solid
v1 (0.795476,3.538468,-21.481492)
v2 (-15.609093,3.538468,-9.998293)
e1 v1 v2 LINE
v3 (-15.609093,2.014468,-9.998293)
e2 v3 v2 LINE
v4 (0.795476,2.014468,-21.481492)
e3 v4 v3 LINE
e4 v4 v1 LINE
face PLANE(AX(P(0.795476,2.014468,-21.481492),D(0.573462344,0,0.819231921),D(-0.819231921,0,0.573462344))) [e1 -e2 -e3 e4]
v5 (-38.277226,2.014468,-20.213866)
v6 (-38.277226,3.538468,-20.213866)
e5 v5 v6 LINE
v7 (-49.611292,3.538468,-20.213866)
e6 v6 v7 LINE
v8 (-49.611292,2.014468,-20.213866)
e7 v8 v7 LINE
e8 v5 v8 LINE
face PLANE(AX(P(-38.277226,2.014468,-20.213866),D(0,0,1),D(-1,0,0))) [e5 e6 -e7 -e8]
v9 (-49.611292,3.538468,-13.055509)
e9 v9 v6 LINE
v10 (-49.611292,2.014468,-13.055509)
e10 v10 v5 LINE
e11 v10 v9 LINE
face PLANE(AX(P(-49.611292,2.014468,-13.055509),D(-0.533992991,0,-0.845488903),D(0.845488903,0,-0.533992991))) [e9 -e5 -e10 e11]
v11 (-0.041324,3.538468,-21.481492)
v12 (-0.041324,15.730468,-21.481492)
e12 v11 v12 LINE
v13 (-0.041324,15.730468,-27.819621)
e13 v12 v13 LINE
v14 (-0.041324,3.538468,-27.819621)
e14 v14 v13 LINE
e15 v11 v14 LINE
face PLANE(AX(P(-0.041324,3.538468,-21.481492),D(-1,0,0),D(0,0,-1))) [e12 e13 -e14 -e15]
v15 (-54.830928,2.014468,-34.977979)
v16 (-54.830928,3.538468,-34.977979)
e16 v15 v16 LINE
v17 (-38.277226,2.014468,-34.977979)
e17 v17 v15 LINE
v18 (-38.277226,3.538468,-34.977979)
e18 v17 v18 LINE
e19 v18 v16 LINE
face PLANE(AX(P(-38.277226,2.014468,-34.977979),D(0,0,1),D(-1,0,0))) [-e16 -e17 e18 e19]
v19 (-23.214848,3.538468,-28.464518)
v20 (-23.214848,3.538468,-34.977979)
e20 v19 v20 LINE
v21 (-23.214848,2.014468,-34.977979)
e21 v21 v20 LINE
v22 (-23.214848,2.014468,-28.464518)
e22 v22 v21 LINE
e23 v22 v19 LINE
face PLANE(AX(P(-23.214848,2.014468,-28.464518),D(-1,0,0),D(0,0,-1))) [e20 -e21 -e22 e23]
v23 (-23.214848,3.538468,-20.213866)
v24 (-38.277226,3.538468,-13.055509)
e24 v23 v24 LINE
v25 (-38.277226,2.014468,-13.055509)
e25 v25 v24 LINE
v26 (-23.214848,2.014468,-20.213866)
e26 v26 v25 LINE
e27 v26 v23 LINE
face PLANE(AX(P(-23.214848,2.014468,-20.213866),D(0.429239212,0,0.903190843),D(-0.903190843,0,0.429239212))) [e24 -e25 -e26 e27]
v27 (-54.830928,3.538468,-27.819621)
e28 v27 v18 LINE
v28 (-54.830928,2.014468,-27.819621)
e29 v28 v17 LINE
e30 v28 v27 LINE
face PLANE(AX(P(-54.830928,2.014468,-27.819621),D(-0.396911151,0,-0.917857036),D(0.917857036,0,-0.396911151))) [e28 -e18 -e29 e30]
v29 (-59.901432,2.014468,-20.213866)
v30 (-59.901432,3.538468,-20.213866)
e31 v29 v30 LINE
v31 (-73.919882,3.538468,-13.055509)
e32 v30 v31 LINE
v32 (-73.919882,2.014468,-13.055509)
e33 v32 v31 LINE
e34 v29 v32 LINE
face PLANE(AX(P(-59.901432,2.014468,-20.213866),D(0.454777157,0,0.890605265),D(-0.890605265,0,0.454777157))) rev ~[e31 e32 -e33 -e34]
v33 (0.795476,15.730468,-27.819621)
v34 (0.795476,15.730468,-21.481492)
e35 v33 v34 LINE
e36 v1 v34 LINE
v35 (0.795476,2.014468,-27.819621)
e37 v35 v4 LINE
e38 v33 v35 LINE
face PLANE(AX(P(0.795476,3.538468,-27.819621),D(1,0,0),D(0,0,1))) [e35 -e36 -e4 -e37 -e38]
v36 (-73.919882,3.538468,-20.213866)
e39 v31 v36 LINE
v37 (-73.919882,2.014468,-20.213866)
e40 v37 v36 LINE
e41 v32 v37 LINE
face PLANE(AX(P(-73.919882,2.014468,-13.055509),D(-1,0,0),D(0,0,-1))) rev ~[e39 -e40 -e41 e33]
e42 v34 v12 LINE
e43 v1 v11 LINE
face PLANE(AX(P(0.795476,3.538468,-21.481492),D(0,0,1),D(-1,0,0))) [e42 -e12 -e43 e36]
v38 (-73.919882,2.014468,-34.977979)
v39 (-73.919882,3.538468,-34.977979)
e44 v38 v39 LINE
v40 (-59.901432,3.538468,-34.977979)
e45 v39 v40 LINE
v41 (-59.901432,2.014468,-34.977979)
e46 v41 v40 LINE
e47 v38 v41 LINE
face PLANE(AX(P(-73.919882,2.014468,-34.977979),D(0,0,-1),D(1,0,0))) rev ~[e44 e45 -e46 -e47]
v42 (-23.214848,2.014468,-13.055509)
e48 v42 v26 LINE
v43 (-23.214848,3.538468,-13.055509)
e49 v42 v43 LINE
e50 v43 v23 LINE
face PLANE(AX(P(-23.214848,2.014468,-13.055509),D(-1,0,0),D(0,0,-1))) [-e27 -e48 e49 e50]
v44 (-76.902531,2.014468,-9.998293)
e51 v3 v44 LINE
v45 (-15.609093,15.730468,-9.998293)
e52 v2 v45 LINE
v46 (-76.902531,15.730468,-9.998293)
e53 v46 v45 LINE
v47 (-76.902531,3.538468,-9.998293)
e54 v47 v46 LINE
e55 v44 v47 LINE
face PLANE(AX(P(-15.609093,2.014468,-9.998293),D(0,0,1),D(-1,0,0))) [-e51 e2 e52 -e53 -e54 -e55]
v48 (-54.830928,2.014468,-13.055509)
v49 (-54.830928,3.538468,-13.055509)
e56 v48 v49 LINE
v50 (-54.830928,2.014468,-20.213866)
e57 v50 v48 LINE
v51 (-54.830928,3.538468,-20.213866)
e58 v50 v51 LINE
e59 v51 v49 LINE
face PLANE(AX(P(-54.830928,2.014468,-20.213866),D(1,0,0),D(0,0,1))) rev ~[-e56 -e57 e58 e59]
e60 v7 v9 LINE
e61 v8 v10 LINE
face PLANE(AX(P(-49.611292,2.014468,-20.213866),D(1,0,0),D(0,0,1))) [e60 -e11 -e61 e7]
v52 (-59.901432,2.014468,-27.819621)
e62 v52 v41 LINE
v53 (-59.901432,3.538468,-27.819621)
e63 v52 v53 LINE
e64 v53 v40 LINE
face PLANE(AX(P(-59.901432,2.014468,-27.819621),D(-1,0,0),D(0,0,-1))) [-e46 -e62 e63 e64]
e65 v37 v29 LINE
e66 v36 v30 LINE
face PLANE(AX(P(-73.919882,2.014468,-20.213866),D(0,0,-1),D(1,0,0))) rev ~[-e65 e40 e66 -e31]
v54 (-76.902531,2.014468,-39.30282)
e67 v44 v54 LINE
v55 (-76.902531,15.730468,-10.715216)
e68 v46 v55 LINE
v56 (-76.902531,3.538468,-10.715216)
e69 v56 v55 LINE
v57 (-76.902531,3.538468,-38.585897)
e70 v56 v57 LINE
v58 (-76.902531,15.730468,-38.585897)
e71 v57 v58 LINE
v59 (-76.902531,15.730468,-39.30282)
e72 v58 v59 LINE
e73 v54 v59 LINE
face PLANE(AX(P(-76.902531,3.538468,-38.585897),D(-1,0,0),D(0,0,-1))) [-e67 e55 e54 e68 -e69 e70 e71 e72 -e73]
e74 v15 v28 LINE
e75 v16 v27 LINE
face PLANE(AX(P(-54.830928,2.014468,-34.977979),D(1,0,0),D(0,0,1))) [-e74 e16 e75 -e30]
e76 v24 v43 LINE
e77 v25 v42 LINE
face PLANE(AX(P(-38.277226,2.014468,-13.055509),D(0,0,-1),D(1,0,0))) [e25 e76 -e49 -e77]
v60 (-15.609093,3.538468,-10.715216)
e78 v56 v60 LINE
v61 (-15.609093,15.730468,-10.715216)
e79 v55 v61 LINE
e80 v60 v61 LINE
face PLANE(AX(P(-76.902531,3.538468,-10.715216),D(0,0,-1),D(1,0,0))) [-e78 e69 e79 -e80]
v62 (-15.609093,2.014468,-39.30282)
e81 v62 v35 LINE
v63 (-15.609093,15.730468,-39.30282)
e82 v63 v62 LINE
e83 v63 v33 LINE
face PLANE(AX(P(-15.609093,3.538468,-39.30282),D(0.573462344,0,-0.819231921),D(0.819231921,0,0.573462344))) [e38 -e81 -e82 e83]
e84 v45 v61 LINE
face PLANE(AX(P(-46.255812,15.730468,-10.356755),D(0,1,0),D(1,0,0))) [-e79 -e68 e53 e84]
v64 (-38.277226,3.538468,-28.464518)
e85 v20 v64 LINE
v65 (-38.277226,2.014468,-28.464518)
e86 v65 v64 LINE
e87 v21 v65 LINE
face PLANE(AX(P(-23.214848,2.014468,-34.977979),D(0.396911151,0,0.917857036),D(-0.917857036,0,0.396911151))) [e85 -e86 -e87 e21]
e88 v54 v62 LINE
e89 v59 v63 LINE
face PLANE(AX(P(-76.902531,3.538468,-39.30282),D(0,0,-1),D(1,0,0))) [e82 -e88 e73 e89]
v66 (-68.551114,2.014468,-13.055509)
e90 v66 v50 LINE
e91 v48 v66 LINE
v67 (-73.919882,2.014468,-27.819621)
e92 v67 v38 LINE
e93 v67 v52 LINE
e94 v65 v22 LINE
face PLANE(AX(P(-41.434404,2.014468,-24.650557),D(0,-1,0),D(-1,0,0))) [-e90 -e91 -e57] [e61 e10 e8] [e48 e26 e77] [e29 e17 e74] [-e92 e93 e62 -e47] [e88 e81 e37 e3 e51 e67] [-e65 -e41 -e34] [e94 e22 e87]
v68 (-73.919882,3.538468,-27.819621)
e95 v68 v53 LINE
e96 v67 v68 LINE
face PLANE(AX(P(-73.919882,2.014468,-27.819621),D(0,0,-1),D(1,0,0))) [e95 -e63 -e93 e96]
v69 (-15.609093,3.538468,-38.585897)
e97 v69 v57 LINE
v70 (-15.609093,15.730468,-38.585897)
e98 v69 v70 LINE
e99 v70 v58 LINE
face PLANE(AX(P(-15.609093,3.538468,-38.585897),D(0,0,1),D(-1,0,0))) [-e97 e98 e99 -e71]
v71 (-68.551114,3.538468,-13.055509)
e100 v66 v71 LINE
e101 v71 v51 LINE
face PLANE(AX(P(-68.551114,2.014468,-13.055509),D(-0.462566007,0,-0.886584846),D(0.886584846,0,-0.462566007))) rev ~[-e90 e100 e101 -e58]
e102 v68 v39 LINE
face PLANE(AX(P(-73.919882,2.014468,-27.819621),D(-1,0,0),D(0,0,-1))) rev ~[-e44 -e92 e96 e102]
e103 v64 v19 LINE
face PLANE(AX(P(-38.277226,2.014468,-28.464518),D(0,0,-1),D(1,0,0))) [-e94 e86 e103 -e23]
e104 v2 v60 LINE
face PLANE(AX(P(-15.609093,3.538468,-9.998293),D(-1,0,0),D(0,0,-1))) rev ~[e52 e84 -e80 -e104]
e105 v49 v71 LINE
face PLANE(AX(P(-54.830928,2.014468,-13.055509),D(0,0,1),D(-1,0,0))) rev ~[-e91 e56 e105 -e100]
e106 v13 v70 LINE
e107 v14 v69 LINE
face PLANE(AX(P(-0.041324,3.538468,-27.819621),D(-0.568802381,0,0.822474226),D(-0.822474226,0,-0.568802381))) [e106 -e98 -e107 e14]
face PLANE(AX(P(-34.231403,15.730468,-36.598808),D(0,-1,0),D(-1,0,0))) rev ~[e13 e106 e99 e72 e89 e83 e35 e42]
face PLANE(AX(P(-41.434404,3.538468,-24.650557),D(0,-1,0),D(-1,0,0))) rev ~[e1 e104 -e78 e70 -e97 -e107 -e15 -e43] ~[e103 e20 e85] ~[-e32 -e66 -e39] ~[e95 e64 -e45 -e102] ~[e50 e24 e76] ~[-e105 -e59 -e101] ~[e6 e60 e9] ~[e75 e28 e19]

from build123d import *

# Parameters (mm, degrees)
SKETCH2_W           = 23.364084101
SKETCH2_H           = 11.930596137
BOSS_EXTRUDE1_DEPTH = 2.54
SKETCH3_W           = 102.155729419
SKETCH3_H           = 1.194871536
BOSS_EXTRUDE3_DEPTH = 20.32
SCALE1_SCALE        = 0.6


with BuildPart() as part:
    # Sketch2 → Boss-Extrude1 (new body)
    with BuildSketch(Plane(origin=(0, 0, 0), x_dir=(1, 0, 0), z_dir=(0, 1, 0))):
        Polygon((0, 48.840877934), (27.34094948, 29.702213298), (27.34094948, 19.138664636), (0, 0), (-102.155729419, 0), (-102.155729419, 48.840877934), align=None)
        Polygon((-97.184647696, 5.095358767), (-97.184647696, 17.025954903), (-73.820563595, 17.025954903), align=None, mode=Mode.SUBTRACT)
        with Locations((-85.502605646, 35.667511367)):
            Rectangle(SKETCH2_W, SKETCH2_H, mode=Mode.SUBTRACT)
        Polygon((-65.369724665, 41.632809435), (-65.369724665, 29.702213298), (-37.780221099, 41.632809435), align=None, mode=Mode.SUBTRACT)
        Polygon((-12.676258395, 30.777041779), (-12.676258395, 41.632809435), (-37.780221099, 30.777041779), align=None, mode=Mode.SUBTRACT)
        Polygon((-65.369724665, 17.025954903), (-65.369724665, 5.095358767), (-88.236700593, 5.095358767), align=None, mode=Mode.SUBTRACT)
        Polygon((-56.670331649, 17.025954903), (-56.670331649, 5.095358767), (-37.780221099, 17.025954903), align=None, mode=Mode.SUBTRACT)
        Polygon((-37.780221099, 5.095358767), (-12.676258395, 5.095358767), (-12.676258395, 17.025954903), align=None, mode=Mode.SUBTRACT)
    extrude(amount=BOSS_EXTRUDE1_DEPTH)

    # Sketch3 → Boss-Extrude3 (add)
    with BuildSketch(Plane(origin=(0, 2.54, 0), x_dir=(1, 0, 0), z_dir=(0, 1, 0))):
        Polygon((-102.155729419, 48.840877934), (0, 48.840877934), (27.34094948, 29.702213298), (27.34094948, 19.138664636), (25.946282646, 19.138664636), (25.946282646, 29.702213298), (0, 47.646006398), (-102.155729419, 47.646006398), align=None)
        with Locations((-51.07786471, 0.597435768)):
            Rectangle(SKETCH3_W, SKETCH3_H)
    extrude(amount=BOSS_EXTRUDE3_DEPTH)


with BuildPart() as part_1:
    # Scale1: scaled about (-39.022733584, 5.036168927, -24.995733367)
    add(part.part.scale(SCALE1_SCALE).moved(Location((-15.609093434, 2.014467571, -9.998293347))))


solid = part_1.part
